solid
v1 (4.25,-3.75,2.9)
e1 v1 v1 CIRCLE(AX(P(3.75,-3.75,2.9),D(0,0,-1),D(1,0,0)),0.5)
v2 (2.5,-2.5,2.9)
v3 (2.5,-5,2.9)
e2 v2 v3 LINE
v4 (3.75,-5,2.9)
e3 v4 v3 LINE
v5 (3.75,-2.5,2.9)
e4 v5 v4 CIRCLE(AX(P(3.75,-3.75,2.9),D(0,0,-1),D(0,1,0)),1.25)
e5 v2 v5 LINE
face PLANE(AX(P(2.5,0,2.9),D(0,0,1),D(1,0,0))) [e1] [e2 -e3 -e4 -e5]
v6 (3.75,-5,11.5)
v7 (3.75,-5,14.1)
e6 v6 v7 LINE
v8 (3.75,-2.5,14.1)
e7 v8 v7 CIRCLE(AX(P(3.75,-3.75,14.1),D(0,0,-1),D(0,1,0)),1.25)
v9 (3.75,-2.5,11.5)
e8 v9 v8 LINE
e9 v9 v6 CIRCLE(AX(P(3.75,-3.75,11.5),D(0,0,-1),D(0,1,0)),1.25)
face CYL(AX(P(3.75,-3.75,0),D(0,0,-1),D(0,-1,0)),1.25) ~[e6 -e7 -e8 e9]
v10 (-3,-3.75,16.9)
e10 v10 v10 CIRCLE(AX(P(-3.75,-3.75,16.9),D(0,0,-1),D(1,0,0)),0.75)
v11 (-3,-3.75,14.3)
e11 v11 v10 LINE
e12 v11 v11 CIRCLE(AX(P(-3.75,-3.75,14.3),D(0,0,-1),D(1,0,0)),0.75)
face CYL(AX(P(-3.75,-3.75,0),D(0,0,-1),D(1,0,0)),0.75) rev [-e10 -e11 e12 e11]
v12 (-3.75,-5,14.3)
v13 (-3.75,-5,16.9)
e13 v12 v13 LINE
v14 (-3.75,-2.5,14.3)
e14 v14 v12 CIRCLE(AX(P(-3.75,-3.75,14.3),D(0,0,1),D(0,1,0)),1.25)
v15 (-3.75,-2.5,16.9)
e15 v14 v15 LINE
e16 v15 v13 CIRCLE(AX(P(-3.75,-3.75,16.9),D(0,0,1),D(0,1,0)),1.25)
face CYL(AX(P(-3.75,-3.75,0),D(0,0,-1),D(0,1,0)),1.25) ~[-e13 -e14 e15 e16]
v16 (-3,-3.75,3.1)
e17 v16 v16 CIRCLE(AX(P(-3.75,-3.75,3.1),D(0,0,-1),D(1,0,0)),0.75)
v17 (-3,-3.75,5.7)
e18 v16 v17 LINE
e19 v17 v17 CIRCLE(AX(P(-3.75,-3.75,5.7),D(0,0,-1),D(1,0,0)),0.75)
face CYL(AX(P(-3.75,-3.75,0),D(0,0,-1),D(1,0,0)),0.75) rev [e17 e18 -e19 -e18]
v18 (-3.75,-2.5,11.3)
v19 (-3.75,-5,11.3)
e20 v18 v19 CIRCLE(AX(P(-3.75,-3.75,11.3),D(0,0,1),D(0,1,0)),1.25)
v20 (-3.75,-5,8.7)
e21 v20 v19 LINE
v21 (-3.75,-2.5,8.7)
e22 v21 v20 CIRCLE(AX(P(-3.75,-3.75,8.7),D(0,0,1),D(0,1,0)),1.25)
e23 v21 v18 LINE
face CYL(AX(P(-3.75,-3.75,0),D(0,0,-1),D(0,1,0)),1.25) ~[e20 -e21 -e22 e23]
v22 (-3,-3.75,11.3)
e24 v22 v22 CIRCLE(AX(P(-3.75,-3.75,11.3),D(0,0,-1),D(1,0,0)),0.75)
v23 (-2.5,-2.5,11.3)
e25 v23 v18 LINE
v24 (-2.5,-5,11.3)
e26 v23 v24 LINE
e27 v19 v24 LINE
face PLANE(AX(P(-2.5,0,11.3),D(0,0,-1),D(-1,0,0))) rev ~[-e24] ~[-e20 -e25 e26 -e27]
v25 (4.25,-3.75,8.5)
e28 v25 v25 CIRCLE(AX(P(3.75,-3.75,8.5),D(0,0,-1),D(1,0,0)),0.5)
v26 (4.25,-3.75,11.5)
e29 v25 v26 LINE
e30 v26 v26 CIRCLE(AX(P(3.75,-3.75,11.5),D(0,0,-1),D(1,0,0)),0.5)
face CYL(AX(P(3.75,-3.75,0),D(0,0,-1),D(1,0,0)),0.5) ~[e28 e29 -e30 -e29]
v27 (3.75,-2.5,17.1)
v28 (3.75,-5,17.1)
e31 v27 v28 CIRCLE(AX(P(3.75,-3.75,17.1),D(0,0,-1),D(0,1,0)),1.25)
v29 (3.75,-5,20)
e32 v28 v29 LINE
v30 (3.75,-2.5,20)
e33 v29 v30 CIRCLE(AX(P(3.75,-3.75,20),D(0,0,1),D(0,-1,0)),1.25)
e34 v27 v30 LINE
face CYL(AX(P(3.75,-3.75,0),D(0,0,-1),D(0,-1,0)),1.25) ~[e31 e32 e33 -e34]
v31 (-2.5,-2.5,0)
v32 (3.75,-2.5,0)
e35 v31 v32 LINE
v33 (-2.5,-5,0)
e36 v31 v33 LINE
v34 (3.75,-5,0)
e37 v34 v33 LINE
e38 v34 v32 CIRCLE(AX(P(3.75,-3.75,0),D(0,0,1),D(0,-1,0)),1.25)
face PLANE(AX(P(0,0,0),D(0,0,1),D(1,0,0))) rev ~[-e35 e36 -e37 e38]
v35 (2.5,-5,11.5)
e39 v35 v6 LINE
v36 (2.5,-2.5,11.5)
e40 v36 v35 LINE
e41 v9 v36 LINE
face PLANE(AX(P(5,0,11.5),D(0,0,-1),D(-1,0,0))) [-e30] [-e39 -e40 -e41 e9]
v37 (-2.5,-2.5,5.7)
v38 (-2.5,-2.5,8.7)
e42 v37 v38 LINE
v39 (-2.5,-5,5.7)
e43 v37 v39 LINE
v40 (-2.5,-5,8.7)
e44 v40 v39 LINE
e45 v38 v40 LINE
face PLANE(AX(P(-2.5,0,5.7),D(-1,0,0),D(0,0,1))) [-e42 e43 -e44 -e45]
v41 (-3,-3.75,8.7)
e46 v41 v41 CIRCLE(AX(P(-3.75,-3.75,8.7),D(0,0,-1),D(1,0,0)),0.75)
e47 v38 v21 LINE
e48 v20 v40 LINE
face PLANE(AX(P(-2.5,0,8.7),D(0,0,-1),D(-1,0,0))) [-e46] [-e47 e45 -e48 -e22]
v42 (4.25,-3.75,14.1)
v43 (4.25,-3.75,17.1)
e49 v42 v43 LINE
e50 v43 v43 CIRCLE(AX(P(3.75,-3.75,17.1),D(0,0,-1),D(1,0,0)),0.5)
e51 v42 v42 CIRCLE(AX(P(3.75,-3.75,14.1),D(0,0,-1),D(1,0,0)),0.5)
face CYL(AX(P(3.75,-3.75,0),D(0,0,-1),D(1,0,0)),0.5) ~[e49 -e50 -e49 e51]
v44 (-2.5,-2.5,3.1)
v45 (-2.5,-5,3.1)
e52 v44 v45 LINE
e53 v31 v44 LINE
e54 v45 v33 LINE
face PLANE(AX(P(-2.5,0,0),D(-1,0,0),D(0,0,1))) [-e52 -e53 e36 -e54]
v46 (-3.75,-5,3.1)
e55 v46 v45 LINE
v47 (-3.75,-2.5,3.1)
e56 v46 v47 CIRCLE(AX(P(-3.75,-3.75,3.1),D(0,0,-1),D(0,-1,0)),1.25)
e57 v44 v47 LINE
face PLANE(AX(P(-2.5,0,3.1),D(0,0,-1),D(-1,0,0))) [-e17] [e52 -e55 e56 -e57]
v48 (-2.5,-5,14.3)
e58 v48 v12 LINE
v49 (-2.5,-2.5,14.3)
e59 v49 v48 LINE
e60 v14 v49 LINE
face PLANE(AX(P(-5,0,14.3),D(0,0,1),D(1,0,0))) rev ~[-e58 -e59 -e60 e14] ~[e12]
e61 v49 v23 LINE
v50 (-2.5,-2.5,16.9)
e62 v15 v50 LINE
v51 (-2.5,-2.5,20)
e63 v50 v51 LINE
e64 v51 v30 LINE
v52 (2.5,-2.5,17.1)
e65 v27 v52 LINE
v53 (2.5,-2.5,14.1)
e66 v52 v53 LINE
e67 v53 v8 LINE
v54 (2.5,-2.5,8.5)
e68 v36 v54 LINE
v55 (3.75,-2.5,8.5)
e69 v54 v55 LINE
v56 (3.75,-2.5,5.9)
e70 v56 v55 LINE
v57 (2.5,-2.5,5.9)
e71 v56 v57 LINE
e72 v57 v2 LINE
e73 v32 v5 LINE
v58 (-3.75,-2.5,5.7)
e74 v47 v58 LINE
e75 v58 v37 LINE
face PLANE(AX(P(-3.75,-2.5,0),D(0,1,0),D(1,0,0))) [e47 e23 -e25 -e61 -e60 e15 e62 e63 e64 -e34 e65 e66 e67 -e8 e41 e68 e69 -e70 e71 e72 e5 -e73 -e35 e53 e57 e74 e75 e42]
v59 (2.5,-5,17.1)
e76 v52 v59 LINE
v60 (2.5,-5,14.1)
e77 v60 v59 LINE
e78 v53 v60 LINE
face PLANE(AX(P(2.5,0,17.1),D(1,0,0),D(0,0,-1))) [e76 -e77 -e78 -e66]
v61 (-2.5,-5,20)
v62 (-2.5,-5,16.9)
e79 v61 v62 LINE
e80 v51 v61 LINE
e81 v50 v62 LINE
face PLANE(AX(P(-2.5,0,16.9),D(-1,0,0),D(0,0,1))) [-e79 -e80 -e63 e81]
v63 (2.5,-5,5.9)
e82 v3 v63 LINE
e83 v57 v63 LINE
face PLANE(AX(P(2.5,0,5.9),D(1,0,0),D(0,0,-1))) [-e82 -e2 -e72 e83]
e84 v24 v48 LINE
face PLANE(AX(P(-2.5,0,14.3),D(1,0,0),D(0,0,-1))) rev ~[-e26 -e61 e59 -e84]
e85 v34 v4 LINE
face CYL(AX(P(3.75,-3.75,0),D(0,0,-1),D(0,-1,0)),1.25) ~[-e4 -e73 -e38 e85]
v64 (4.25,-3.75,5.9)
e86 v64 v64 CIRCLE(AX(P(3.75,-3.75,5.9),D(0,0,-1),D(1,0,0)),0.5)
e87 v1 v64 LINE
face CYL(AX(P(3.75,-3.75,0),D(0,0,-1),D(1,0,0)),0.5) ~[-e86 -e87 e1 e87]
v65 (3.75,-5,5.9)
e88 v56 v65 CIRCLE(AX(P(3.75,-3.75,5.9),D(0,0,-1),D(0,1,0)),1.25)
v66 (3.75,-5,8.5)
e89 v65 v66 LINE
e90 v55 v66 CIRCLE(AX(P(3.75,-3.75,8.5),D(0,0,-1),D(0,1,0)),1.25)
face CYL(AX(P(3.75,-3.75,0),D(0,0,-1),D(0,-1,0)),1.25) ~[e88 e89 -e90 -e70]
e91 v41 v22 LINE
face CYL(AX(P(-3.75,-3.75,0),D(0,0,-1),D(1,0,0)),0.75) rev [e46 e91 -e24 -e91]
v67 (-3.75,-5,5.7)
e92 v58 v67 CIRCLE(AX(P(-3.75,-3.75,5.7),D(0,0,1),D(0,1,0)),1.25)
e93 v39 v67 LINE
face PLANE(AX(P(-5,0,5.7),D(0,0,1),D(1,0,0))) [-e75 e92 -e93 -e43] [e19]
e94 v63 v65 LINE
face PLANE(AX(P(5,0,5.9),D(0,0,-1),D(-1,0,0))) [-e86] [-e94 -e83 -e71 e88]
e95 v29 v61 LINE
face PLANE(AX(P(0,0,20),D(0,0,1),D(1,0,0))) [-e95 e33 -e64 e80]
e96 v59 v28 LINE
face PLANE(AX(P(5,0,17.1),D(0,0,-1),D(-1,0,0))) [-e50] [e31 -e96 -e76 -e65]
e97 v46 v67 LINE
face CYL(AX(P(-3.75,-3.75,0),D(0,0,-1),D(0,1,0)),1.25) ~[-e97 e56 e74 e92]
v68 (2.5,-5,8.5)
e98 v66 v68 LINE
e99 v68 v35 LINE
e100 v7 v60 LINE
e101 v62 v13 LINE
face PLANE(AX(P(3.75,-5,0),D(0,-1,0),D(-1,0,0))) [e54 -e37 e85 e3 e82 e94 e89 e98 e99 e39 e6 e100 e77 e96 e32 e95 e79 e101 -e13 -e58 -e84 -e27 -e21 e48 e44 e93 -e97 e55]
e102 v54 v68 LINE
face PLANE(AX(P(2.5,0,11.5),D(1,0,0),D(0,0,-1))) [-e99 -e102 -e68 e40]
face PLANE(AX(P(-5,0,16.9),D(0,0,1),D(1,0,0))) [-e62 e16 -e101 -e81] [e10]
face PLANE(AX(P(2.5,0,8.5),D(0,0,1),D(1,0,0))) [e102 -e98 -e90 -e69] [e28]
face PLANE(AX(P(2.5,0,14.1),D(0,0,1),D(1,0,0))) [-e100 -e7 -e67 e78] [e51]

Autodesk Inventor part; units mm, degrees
ref_plane "YZ Plane" through (0, 0, 0) normal (1, 0, 0) x (0, 1, 0)
ref_plane "XZ Plane" through (0, 0, 0) normal (0, 1, 0) x (-1, 0, 0)
ref_plane "XY Plane" through (0, 0, 0) normal (0, 0, 1) x (1, 0, 0)
sketch "Sketch1" plane through (0, 0, 0) normal (0, 0, 1) x (1, 0, 0)
  arc A0 (-3.75, -2.5) -> (-3.75, -5) centre (-3.75, -3.75) ccw
  arc A1 (3.75, -5) -> (3.75, -2.5) centre (3.75, -3.75) ccw
  line L0 (-3.75, -2.5) -> (3.75, -2.5)
  line L1 (3.75, -5) -> (-3.75, -5)
  circle A2 centre (-3.75, -3.75) radius 0.75
  circle A3 centre (3.75, -3.75) radius 0.5
  circle A4 centre (3.75, -3.75) radius 0.5
  point P0 (0, 0)
  dimension "d0" = 2.5
  dimension "d1" = 5
  dimension "d4" = 7.5
  dimension "d5" = 3.75
  dimension "d6" = 1.5
  dimension "d7" = 1
  dimension "d77" = 1
extrude "Extrusion1" add sketch "Sketch1" along normal blind 20
sketch "Sketch3" plane through (0, 0, 0) normal (0, 1, 0) x (-1, 0, 0)
  line L0 (5, 0) -> (3.75, 0) projected
  line L1 (-3.75, 0) -> (3.75, 0) projected
  line L2 (5, 16.9) -> (2.5, 16.9)
  line L3 (2.5, 16.9) -> (2.5, 20)
  line L4 (2.5, 20) -> (5, 20)
  line L5 (5, 20) -> (5, 16.9)
  line L6 (5, 14.3) -> (2.5, 14.3)
  line L7 (2.5, 14.3) -> (2.5, 11.3)
  line L8 (2.5, 11.3) -> (5, 11.3)
  line L9 (5, 11.3) -> (5, 14.3)
  line L10 (5, 5.7) -> (2.5, 5.7)
  line L11 (2.5, 5.7) -> (2.5, 8.7)
  line L12 (2.5, 8.7) -> (5, 8.7)
  line L13 (5, 8.7) -> (5, 5.7)
  line L14 (5, 0) -> (2.5, 0)
  line L15 (2.5, 0) -> (2.5, 3.1)
  line L16 (2.5, 3.1) -> (5, 3.1)
  line L17 (5, 3.1) -> (5, 0)
  line L18 (-2.5, 2.9) -> (-5, 2.9)
  line L19 (-5, 2.9) -> (-5, 5.9)
  line L20 (-5, 5.9) -> (-2.5, 5.9)
  line L21 (-2.5, 5.9) -> (-2.5, 2.9)
  line L22 (-2.5, 8.5) -> (-5, 8.5)
  line L23 (-5, 8.5) -> (-5, 11.5)
  line L24 (-5, 11.5) -> (-2.5, 11.5)
  line L25 (-2.5, 11.5) -> (-2.5, 8.5)
  line L26 (-2.5, 14.1) -> (-5, 14.1)
  line L27 (-5, 14.1) -> (-5, 17.1)
  line L28 (-5, 17.1) -> (-2.5, 17.1)
  line L29 (-2.5, 17.1) -> (-2.5, 14.1)
  point P0 (0, 0)
  point P1 (0, 0)
  point P2 (0, 0)
  point P3 (0, 0)
  point P4 (0, 0)
  point P5 (0, 0)
  point P6 (0, 0)
  point P7 (0, 0)
  point P8 (0, 0)
  dimension "d49" = 2.5
  dimension "d50" = 2.5
  dimension "d52" = 3.1
  dimension "d53" = 3.1
  dimension "d54" = 3
  dimension "d55" = 3
  dimension "d56" = 3
  dimension "d57" = 3
  dimension "d58" = 3
  dimension "d72" = 10
  dimension "d73" = 5
  dimension "d74" = 0
  dimension "d80" = 0.2
  dimension "d81" = 0.2
  dimension "d82" = 0.2
  dimension "d83" = 0.2
  dimension "d84" = 0.2
  dimension "d85" = 0.2
extrude "Extrusion2" cut sketch "Sketch3" against normal blind 20
extrude "Extrusion3" add sketch "Sketch1" along normal blind 20 contours A3
properties part number "chain_link"
